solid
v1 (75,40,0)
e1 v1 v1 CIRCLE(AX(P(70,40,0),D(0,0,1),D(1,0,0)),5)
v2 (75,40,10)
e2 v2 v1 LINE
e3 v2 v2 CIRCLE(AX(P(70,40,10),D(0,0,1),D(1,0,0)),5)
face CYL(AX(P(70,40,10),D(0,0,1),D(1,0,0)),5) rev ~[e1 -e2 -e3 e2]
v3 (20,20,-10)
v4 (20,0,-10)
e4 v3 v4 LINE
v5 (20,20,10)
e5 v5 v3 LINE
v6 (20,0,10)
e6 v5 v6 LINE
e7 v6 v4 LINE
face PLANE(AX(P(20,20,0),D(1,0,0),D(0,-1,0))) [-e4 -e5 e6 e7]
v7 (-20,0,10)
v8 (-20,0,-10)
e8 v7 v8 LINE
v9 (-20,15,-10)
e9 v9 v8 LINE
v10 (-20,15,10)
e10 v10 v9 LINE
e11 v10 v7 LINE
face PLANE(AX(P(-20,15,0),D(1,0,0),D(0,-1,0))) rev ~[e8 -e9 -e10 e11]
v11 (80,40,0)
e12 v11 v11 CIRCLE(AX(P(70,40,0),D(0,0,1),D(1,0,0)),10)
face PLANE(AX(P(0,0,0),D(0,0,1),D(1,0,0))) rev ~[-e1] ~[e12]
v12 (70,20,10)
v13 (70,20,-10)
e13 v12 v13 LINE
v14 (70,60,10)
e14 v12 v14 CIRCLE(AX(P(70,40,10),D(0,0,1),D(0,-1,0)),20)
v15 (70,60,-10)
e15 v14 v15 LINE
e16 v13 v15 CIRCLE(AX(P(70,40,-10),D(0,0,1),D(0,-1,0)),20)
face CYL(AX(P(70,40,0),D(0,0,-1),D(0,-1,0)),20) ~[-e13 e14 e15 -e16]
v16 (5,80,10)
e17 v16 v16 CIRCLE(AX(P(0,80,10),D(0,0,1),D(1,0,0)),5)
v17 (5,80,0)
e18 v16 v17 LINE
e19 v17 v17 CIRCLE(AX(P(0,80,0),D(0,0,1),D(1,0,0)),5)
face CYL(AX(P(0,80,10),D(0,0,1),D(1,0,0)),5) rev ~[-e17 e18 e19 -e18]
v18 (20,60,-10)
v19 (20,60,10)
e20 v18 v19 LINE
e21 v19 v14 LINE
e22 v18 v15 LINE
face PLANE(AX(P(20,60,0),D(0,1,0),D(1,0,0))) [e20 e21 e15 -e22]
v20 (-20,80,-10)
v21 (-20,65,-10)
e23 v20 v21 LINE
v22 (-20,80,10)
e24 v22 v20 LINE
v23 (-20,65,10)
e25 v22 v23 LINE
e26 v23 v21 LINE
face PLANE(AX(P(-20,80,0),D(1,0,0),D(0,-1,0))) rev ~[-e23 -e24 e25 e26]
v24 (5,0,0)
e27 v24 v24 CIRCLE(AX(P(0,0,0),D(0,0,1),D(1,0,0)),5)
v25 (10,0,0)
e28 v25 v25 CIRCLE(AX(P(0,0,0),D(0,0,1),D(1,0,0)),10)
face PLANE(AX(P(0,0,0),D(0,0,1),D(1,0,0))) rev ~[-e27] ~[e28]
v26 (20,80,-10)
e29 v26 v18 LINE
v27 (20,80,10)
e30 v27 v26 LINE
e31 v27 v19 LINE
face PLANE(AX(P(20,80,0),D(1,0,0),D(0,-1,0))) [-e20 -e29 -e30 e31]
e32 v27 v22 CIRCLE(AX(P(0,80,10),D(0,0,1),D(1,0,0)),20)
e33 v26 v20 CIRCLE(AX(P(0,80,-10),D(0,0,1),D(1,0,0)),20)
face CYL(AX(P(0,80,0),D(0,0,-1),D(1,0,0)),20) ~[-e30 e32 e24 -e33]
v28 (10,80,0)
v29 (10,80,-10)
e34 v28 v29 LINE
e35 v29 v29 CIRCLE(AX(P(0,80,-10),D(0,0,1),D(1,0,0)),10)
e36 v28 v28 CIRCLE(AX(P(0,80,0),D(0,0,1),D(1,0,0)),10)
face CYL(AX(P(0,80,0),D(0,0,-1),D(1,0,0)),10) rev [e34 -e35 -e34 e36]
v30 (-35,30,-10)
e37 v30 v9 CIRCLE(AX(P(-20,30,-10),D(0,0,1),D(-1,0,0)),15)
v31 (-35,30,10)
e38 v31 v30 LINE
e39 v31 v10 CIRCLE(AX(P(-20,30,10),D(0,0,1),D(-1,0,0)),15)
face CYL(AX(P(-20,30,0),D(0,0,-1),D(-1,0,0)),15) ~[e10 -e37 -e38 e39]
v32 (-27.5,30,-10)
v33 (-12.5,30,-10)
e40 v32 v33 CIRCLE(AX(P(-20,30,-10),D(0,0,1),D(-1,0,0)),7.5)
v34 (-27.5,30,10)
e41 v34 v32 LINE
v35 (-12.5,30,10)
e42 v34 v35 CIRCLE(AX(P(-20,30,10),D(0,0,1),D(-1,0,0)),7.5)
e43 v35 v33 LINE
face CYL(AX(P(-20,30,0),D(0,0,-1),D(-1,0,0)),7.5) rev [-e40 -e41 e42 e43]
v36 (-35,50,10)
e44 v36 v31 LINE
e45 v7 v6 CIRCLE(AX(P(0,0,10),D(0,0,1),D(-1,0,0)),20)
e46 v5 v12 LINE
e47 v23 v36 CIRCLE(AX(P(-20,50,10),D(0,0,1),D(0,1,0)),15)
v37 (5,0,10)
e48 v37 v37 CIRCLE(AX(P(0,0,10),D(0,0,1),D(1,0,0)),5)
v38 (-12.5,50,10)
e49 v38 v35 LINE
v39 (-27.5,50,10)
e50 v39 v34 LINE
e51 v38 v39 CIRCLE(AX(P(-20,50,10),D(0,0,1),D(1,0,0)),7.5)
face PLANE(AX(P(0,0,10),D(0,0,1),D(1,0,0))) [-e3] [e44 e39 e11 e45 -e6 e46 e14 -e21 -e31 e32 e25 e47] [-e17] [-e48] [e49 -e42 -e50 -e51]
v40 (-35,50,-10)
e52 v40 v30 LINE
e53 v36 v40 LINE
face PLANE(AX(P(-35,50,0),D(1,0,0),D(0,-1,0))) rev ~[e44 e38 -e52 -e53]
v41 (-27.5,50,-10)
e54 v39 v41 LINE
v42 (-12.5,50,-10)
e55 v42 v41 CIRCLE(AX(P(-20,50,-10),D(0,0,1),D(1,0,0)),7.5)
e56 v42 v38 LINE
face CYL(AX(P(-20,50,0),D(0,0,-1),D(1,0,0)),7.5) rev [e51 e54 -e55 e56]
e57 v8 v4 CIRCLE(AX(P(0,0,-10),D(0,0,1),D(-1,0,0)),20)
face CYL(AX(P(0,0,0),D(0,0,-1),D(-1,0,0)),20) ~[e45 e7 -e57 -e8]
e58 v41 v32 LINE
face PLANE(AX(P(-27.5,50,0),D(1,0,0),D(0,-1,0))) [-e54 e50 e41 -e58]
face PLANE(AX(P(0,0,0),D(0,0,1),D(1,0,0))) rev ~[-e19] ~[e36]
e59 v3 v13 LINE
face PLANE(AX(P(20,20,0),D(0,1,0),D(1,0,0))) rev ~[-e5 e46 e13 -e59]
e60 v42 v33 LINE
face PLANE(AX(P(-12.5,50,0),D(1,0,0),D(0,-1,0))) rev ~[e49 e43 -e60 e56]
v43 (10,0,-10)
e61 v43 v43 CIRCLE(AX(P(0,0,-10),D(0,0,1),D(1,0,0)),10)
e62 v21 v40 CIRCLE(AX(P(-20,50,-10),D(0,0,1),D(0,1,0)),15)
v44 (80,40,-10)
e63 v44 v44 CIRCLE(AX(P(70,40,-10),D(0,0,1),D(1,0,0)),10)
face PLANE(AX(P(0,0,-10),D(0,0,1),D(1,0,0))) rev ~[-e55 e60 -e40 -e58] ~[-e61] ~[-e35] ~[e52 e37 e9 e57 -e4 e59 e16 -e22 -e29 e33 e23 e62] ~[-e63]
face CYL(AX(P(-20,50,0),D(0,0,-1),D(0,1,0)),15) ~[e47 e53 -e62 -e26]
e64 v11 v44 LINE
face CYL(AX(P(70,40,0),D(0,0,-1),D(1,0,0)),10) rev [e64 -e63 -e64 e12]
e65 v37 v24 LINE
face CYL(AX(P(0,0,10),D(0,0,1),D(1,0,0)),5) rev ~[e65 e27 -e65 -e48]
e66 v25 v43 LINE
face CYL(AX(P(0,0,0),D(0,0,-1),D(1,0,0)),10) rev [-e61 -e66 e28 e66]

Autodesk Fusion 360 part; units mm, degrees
sketch "Sketch1" plane through (0, 0, 0) normal (0, 0, 1) x (1, 0, 0)
  circle A0 centre (0, 80) radius 10
  circle A1 centre (0, 80) radius 15
  circle A2 centre (70, 40) radius 10
  circle A3 centre (70, 40) radius 15
  circle A4 centre (0, 0) radius 10
  circle A5 centre (0, 0) radius 15
  line L0 (20, 60) -> (70, 60)
  arc A6 (20, 80) -> (-20, 80) centre (0, 80) ccw
  arc A7 (-20, 0) -> (20, 0) centre (0, 0) ccw
  line L1 (20, 20) -> (70, 20)
  arc A8 (70, 20) -> (70, 60) centre (70, 40) ccw
  line L2 (20, 80) -> (20, 60)
  line L3 (20, 20) -> (20, 0)
  line L4 (-35, 50) -> (-35, 30)
  arc A9 (-35, 30) -> (-20, 15) centre (-20, 30) ccw
  arc A10 (-20, 65) -> (-35, 50) centre (-20, 50) ccw
  line L5 (-20, 80) -> (-20, 65)
  line L6 (-20, 15) -> (-20, 0)
  line L7 (-12.5, 50) -> (-12.5, 30)
  line L8 (-27.5, 50) -> (-27.5, 30)
  arc A11 (-12.5, 50) -> (-27.5, 50) centre (-20, 50) ccw
  arc A12 (-27.5, 30) -> (-12.5, 30) centre (-20, 30) ccw
  dimension "d1" = 20
  dimension "d2" = 30
  dimension "d3" = 40
  dimension "d4" = 20
  dimension "d5" = 30
  dimension "d6" = 40
  dimension "d7" = 20
  dimension "d8" = 30
  dimension "d9" = 40
  dimension "d10" = 80
  dimension "d11" = 40
  dimension "d12" = 70
  dimension "d13" = 40
  dimension "d14" = 20
  dimension "d16" = 30
  dimension "d18" = 30
  dimension "d19" = 20
  dimension "d20" = 20
  dimension "d21" = 30
  dimension "d22" = 15
  dimension "d23" = 15
  dimension "d24" = 20
  dimension "d25" = 30
  dimension "d27" = 12.5
  dimension "d28" = 27.5
extrude "Extrude1" add sketch "Sketch1" along normal mid plane 20 contours A1 | A3 | A5 | L0 A6 A7 L1 A8 L2 L3 L4 A9 A10 L5 L6
sketch "Sketch2" plane through (0, 0, 10) normal (0, 0, 1) x (1, 0, 0)
  circle A0 centre (0, 0) radius 10
  circle A1 centre (0, 80) radius 10
  circle A2 centre (70, 40) radius 10
  arc A3 (-12.5, 50) -> (-27.5, 50) centre (-20, 50) ccw
  line L0 (-12.5, 50) -> (-12.5, 30)
  arc A4 (-27.5, 30) -> (-12.5, 30) centre (-20, 30) ccw
  line L1 (-27.5, 30) -> (-27.5, 50)
  arc A5 (20, 80) -> (-20, 80) centre (0, 80) ccw
  line L2 (-20, 80) -> (-20, 65)
  arc A6 (-20, 65) -> (-35, 50) centre (-20, 50) ccw
  line L3 (-35, 50) -> (-35, 30)
  arc A7 (-35, 30) -> (-20, 15) centre (-20, 30) ccw
  line L4 (-20, 15) -> (-20, 0)
  arc A8 (-20, 0) -> (20, 0) centre (0, 0) ccw
  line L5 (20, 0) -> (20, 20)
  line L6 (20, 20) -> (70, 20)
  arc A9 (70, 20) -> (70, 60) centre (70, 40) ccw
  line L7 (70, 60) -> (20, 60)
  line L8 (20, 60) -> (20, 80)
  circle A10 centre (0, 80) radius 5
  circle A11 centre (70, 40) radius 5
  circle A12 centre (0, 0) radius 5
  dimension "d31" = 10
  dimension "d32" = 10
  dimension "d33" = 10
extrude "Extrude2" add sketch "Sketch2" against normal blind 10 contours A0 | A1 | A2
